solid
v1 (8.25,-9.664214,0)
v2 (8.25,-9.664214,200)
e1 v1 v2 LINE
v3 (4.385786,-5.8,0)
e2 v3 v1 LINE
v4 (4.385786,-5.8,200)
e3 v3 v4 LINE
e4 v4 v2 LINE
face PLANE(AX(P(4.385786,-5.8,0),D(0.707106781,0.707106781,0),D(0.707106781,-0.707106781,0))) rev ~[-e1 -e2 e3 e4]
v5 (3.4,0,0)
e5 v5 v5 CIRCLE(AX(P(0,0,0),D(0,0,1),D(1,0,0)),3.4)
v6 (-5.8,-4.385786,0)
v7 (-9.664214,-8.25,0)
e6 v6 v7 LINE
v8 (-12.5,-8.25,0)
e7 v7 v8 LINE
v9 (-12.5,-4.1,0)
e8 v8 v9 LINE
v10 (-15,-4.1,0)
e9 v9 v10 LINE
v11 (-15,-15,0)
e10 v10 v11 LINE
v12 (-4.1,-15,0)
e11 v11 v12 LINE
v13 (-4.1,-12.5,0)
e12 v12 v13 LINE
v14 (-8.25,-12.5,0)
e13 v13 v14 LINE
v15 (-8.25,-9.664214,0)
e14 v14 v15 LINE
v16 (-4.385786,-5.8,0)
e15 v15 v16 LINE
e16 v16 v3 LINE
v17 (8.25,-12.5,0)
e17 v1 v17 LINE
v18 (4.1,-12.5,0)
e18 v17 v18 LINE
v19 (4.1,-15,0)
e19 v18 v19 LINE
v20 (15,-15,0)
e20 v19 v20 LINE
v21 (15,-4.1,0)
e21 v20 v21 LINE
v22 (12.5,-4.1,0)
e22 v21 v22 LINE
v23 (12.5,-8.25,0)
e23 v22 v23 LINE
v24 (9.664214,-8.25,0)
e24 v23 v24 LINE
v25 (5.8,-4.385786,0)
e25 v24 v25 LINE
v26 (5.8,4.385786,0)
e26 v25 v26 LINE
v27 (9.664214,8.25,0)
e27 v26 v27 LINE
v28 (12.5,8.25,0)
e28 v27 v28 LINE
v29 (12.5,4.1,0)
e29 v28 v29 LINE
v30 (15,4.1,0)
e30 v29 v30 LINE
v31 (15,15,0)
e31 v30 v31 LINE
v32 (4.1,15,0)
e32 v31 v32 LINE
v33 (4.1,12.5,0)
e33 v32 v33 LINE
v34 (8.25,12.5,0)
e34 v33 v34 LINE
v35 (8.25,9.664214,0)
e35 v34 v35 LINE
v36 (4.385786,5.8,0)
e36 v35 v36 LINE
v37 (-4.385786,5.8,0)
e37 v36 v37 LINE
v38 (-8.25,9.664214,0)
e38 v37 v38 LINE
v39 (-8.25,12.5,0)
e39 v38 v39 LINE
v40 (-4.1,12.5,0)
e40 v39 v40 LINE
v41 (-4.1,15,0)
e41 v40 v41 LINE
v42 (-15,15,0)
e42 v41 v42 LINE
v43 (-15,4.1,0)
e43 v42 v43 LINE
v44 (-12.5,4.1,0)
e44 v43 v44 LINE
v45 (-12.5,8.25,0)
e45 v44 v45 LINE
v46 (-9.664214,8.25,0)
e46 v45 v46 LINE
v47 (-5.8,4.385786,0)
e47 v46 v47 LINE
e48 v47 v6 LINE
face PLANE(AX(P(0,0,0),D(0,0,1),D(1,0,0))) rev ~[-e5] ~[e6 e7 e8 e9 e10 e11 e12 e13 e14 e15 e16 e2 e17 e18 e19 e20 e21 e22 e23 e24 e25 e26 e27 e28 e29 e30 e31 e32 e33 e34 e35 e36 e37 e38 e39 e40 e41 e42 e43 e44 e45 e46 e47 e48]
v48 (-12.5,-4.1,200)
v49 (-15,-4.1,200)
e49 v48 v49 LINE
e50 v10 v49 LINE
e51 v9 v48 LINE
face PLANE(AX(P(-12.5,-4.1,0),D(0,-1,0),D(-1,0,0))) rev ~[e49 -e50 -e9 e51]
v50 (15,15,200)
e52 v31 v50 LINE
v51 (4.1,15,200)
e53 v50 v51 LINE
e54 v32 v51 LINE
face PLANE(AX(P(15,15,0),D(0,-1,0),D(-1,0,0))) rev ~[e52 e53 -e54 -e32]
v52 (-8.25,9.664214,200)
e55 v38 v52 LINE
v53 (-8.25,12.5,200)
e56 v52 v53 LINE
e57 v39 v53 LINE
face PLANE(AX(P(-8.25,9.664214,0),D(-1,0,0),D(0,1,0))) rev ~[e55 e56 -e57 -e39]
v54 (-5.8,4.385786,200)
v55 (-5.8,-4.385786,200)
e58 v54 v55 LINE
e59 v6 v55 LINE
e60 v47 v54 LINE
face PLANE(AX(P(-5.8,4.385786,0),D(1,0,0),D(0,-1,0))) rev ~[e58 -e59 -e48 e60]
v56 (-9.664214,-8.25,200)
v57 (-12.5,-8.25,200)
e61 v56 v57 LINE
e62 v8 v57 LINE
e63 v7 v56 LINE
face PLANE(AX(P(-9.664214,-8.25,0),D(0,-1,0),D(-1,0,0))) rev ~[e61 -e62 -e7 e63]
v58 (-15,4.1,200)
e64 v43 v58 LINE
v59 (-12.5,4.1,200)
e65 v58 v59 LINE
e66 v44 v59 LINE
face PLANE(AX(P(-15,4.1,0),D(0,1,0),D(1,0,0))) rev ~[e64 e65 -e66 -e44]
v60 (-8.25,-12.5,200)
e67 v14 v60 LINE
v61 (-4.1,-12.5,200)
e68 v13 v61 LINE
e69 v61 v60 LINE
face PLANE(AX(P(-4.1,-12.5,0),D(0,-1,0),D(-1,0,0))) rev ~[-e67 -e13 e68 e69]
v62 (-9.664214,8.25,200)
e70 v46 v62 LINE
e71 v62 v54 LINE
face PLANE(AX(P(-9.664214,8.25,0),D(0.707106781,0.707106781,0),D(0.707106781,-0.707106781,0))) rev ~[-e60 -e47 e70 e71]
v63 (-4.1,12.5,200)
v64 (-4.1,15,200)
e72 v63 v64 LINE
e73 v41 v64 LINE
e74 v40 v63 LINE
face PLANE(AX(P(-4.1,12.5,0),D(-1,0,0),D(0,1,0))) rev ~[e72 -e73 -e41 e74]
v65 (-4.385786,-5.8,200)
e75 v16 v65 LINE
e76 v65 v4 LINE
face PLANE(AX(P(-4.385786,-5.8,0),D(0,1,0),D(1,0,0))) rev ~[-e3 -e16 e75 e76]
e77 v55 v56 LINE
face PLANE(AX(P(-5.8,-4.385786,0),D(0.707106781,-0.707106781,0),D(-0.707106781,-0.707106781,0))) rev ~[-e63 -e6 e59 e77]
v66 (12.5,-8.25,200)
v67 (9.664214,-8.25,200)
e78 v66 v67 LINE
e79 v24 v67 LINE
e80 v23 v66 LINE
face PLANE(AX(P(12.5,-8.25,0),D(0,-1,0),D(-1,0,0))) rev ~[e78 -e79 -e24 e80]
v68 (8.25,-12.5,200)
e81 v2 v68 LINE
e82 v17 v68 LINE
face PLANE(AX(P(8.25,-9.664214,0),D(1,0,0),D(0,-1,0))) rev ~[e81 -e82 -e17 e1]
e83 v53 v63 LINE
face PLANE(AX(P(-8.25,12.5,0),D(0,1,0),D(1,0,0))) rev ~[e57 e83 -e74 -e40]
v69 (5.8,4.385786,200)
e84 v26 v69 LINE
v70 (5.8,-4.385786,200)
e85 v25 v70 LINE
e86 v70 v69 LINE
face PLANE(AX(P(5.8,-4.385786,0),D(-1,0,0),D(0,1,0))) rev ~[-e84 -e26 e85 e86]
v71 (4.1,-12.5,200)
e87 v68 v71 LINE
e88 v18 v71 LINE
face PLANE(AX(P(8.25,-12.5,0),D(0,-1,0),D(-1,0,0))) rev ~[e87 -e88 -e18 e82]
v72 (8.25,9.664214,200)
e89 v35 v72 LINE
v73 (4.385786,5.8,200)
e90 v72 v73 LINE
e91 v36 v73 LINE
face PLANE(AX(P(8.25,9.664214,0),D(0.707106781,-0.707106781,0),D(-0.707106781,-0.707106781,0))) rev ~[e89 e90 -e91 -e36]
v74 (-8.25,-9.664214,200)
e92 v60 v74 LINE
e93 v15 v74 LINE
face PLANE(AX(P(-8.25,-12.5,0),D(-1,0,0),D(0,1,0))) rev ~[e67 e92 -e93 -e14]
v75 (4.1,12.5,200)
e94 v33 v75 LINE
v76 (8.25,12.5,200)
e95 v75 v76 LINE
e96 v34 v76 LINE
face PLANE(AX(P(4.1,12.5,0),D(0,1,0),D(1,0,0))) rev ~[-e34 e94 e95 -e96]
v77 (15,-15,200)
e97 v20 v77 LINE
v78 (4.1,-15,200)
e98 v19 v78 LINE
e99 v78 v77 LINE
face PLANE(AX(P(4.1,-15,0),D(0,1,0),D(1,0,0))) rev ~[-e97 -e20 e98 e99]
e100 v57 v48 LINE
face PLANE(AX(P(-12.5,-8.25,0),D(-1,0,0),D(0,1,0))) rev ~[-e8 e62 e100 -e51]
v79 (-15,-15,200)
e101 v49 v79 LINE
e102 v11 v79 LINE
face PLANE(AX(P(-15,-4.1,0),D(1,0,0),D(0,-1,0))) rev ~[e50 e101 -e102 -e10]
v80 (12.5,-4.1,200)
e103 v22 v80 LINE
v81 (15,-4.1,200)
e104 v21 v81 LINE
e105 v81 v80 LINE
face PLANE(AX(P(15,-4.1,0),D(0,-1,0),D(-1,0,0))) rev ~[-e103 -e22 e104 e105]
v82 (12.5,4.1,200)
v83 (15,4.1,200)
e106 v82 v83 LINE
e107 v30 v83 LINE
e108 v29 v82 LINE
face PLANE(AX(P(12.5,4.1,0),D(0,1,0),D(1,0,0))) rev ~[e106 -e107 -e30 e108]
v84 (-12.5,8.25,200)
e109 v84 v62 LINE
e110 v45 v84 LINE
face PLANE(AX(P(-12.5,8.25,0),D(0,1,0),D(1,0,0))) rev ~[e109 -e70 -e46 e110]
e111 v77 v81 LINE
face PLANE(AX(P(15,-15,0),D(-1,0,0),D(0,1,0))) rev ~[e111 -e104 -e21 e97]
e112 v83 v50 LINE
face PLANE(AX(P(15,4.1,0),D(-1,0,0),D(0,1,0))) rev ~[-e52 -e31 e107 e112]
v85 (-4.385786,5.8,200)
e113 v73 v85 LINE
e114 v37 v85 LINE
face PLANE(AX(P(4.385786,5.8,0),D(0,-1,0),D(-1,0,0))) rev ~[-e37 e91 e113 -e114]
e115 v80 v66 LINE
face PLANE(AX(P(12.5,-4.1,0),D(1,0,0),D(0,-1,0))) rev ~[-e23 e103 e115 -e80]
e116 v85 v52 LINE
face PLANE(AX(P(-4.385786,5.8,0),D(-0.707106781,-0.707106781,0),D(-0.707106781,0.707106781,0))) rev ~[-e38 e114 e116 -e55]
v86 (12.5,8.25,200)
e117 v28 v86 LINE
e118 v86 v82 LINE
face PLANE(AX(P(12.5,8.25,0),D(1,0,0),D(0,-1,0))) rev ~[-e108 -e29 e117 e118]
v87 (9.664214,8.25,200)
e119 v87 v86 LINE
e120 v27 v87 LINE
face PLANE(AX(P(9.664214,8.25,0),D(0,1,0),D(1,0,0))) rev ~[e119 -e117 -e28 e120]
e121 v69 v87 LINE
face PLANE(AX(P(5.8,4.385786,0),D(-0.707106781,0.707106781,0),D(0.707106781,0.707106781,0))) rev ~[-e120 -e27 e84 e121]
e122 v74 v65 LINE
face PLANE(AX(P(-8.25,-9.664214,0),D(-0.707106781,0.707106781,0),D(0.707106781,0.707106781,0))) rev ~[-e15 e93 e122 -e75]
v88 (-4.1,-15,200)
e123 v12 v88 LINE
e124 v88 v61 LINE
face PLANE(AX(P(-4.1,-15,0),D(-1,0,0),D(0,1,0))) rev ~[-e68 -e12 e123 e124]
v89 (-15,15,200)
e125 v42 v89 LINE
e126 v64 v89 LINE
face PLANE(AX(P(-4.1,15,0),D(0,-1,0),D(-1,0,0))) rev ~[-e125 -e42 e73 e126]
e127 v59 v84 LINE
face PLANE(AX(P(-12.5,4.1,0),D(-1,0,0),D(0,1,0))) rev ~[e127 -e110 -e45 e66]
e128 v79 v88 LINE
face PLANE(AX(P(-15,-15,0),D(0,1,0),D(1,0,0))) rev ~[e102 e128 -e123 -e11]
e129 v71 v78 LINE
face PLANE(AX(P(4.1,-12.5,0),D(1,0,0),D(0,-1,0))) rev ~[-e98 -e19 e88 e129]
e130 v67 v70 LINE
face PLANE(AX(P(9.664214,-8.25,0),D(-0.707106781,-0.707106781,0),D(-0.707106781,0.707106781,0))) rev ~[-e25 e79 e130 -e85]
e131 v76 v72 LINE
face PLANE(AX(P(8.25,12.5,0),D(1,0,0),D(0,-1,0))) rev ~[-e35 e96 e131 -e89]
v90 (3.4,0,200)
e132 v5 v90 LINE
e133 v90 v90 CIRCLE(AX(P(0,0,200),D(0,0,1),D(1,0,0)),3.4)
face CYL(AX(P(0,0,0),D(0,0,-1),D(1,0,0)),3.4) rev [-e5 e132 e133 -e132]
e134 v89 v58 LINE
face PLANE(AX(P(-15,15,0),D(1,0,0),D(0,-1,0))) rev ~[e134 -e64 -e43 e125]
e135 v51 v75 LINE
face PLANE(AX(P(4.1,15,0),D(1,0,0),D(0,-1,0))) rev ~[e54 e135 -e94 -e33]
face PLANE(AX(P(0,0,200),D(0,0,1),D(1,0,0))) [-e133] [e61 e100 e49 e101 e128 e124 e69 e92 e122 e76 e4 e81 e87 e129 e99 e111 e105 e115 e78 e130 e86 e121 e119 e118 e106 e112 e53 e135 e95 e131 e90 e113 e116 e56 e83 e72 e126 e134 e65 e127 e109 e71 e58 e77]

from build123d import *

# Parameters (mm, degrees)
SKETCH_1_R      = 3.4
EXTRUDE_1_DEPTH = 200


with BuildPart() as part:
    # 草图1 → 凸台-拉伸1 (new body)
    with BuildSketch(Plane.XY):
        Polygon((-4.1, 12.5), (-4.1, 15), (-8.25, 15), (-15, 15), (-15, 8.25), (-15, 4.1), (-12.5, 4.1), (-12.5, 8.25), (-9.664213562, 8.25), (-5.8, 4.385786438), (-5.8, -4.385786438), (-9.664213562, -8.25), (-12.5, -8.25), (-12.5, -4.1), (-15, -4.1), (-15, -8.25), (-15, -15), (-8.25, -15), (-4.1, -15), (-4.1, -12.5), (-8.25, -12.5), (-8.25, -9.664213562), (-4.385786438, -5.8), (4.385786438, -5.8), (8.25, -9.664213562), (8.25, -12.5), (4.1, -12.5), (4.1, -15), (8.25, -15), (15, -15), (15, -8.25), (15, -4.1), (12.5, -4.1), (12.5, -8.25), (9.664213562, -8.25), (5.8, -4.385786438), (5.8, 4.385786438), (9.664213562, 8.25), (12.5, 8.25), (12.5, 4.1), (15, 4.1), (15, 8.25), (15, 15), (8.25, 15), (4.1, 15), (4.1, 12.5), (8.25, 12.5), (8.25, 9.664213562), (4.385786438, 5.8), (-4.385786438, 5.8), (-8.25, 9.664213562), (-8.25, 12.5), align=None)
        Circle(SKETCH_1_R, mode=Mode.SUBTRACT)
    extrude(amount=EXTRUDE_1_DEPTH)


solid = part.part
